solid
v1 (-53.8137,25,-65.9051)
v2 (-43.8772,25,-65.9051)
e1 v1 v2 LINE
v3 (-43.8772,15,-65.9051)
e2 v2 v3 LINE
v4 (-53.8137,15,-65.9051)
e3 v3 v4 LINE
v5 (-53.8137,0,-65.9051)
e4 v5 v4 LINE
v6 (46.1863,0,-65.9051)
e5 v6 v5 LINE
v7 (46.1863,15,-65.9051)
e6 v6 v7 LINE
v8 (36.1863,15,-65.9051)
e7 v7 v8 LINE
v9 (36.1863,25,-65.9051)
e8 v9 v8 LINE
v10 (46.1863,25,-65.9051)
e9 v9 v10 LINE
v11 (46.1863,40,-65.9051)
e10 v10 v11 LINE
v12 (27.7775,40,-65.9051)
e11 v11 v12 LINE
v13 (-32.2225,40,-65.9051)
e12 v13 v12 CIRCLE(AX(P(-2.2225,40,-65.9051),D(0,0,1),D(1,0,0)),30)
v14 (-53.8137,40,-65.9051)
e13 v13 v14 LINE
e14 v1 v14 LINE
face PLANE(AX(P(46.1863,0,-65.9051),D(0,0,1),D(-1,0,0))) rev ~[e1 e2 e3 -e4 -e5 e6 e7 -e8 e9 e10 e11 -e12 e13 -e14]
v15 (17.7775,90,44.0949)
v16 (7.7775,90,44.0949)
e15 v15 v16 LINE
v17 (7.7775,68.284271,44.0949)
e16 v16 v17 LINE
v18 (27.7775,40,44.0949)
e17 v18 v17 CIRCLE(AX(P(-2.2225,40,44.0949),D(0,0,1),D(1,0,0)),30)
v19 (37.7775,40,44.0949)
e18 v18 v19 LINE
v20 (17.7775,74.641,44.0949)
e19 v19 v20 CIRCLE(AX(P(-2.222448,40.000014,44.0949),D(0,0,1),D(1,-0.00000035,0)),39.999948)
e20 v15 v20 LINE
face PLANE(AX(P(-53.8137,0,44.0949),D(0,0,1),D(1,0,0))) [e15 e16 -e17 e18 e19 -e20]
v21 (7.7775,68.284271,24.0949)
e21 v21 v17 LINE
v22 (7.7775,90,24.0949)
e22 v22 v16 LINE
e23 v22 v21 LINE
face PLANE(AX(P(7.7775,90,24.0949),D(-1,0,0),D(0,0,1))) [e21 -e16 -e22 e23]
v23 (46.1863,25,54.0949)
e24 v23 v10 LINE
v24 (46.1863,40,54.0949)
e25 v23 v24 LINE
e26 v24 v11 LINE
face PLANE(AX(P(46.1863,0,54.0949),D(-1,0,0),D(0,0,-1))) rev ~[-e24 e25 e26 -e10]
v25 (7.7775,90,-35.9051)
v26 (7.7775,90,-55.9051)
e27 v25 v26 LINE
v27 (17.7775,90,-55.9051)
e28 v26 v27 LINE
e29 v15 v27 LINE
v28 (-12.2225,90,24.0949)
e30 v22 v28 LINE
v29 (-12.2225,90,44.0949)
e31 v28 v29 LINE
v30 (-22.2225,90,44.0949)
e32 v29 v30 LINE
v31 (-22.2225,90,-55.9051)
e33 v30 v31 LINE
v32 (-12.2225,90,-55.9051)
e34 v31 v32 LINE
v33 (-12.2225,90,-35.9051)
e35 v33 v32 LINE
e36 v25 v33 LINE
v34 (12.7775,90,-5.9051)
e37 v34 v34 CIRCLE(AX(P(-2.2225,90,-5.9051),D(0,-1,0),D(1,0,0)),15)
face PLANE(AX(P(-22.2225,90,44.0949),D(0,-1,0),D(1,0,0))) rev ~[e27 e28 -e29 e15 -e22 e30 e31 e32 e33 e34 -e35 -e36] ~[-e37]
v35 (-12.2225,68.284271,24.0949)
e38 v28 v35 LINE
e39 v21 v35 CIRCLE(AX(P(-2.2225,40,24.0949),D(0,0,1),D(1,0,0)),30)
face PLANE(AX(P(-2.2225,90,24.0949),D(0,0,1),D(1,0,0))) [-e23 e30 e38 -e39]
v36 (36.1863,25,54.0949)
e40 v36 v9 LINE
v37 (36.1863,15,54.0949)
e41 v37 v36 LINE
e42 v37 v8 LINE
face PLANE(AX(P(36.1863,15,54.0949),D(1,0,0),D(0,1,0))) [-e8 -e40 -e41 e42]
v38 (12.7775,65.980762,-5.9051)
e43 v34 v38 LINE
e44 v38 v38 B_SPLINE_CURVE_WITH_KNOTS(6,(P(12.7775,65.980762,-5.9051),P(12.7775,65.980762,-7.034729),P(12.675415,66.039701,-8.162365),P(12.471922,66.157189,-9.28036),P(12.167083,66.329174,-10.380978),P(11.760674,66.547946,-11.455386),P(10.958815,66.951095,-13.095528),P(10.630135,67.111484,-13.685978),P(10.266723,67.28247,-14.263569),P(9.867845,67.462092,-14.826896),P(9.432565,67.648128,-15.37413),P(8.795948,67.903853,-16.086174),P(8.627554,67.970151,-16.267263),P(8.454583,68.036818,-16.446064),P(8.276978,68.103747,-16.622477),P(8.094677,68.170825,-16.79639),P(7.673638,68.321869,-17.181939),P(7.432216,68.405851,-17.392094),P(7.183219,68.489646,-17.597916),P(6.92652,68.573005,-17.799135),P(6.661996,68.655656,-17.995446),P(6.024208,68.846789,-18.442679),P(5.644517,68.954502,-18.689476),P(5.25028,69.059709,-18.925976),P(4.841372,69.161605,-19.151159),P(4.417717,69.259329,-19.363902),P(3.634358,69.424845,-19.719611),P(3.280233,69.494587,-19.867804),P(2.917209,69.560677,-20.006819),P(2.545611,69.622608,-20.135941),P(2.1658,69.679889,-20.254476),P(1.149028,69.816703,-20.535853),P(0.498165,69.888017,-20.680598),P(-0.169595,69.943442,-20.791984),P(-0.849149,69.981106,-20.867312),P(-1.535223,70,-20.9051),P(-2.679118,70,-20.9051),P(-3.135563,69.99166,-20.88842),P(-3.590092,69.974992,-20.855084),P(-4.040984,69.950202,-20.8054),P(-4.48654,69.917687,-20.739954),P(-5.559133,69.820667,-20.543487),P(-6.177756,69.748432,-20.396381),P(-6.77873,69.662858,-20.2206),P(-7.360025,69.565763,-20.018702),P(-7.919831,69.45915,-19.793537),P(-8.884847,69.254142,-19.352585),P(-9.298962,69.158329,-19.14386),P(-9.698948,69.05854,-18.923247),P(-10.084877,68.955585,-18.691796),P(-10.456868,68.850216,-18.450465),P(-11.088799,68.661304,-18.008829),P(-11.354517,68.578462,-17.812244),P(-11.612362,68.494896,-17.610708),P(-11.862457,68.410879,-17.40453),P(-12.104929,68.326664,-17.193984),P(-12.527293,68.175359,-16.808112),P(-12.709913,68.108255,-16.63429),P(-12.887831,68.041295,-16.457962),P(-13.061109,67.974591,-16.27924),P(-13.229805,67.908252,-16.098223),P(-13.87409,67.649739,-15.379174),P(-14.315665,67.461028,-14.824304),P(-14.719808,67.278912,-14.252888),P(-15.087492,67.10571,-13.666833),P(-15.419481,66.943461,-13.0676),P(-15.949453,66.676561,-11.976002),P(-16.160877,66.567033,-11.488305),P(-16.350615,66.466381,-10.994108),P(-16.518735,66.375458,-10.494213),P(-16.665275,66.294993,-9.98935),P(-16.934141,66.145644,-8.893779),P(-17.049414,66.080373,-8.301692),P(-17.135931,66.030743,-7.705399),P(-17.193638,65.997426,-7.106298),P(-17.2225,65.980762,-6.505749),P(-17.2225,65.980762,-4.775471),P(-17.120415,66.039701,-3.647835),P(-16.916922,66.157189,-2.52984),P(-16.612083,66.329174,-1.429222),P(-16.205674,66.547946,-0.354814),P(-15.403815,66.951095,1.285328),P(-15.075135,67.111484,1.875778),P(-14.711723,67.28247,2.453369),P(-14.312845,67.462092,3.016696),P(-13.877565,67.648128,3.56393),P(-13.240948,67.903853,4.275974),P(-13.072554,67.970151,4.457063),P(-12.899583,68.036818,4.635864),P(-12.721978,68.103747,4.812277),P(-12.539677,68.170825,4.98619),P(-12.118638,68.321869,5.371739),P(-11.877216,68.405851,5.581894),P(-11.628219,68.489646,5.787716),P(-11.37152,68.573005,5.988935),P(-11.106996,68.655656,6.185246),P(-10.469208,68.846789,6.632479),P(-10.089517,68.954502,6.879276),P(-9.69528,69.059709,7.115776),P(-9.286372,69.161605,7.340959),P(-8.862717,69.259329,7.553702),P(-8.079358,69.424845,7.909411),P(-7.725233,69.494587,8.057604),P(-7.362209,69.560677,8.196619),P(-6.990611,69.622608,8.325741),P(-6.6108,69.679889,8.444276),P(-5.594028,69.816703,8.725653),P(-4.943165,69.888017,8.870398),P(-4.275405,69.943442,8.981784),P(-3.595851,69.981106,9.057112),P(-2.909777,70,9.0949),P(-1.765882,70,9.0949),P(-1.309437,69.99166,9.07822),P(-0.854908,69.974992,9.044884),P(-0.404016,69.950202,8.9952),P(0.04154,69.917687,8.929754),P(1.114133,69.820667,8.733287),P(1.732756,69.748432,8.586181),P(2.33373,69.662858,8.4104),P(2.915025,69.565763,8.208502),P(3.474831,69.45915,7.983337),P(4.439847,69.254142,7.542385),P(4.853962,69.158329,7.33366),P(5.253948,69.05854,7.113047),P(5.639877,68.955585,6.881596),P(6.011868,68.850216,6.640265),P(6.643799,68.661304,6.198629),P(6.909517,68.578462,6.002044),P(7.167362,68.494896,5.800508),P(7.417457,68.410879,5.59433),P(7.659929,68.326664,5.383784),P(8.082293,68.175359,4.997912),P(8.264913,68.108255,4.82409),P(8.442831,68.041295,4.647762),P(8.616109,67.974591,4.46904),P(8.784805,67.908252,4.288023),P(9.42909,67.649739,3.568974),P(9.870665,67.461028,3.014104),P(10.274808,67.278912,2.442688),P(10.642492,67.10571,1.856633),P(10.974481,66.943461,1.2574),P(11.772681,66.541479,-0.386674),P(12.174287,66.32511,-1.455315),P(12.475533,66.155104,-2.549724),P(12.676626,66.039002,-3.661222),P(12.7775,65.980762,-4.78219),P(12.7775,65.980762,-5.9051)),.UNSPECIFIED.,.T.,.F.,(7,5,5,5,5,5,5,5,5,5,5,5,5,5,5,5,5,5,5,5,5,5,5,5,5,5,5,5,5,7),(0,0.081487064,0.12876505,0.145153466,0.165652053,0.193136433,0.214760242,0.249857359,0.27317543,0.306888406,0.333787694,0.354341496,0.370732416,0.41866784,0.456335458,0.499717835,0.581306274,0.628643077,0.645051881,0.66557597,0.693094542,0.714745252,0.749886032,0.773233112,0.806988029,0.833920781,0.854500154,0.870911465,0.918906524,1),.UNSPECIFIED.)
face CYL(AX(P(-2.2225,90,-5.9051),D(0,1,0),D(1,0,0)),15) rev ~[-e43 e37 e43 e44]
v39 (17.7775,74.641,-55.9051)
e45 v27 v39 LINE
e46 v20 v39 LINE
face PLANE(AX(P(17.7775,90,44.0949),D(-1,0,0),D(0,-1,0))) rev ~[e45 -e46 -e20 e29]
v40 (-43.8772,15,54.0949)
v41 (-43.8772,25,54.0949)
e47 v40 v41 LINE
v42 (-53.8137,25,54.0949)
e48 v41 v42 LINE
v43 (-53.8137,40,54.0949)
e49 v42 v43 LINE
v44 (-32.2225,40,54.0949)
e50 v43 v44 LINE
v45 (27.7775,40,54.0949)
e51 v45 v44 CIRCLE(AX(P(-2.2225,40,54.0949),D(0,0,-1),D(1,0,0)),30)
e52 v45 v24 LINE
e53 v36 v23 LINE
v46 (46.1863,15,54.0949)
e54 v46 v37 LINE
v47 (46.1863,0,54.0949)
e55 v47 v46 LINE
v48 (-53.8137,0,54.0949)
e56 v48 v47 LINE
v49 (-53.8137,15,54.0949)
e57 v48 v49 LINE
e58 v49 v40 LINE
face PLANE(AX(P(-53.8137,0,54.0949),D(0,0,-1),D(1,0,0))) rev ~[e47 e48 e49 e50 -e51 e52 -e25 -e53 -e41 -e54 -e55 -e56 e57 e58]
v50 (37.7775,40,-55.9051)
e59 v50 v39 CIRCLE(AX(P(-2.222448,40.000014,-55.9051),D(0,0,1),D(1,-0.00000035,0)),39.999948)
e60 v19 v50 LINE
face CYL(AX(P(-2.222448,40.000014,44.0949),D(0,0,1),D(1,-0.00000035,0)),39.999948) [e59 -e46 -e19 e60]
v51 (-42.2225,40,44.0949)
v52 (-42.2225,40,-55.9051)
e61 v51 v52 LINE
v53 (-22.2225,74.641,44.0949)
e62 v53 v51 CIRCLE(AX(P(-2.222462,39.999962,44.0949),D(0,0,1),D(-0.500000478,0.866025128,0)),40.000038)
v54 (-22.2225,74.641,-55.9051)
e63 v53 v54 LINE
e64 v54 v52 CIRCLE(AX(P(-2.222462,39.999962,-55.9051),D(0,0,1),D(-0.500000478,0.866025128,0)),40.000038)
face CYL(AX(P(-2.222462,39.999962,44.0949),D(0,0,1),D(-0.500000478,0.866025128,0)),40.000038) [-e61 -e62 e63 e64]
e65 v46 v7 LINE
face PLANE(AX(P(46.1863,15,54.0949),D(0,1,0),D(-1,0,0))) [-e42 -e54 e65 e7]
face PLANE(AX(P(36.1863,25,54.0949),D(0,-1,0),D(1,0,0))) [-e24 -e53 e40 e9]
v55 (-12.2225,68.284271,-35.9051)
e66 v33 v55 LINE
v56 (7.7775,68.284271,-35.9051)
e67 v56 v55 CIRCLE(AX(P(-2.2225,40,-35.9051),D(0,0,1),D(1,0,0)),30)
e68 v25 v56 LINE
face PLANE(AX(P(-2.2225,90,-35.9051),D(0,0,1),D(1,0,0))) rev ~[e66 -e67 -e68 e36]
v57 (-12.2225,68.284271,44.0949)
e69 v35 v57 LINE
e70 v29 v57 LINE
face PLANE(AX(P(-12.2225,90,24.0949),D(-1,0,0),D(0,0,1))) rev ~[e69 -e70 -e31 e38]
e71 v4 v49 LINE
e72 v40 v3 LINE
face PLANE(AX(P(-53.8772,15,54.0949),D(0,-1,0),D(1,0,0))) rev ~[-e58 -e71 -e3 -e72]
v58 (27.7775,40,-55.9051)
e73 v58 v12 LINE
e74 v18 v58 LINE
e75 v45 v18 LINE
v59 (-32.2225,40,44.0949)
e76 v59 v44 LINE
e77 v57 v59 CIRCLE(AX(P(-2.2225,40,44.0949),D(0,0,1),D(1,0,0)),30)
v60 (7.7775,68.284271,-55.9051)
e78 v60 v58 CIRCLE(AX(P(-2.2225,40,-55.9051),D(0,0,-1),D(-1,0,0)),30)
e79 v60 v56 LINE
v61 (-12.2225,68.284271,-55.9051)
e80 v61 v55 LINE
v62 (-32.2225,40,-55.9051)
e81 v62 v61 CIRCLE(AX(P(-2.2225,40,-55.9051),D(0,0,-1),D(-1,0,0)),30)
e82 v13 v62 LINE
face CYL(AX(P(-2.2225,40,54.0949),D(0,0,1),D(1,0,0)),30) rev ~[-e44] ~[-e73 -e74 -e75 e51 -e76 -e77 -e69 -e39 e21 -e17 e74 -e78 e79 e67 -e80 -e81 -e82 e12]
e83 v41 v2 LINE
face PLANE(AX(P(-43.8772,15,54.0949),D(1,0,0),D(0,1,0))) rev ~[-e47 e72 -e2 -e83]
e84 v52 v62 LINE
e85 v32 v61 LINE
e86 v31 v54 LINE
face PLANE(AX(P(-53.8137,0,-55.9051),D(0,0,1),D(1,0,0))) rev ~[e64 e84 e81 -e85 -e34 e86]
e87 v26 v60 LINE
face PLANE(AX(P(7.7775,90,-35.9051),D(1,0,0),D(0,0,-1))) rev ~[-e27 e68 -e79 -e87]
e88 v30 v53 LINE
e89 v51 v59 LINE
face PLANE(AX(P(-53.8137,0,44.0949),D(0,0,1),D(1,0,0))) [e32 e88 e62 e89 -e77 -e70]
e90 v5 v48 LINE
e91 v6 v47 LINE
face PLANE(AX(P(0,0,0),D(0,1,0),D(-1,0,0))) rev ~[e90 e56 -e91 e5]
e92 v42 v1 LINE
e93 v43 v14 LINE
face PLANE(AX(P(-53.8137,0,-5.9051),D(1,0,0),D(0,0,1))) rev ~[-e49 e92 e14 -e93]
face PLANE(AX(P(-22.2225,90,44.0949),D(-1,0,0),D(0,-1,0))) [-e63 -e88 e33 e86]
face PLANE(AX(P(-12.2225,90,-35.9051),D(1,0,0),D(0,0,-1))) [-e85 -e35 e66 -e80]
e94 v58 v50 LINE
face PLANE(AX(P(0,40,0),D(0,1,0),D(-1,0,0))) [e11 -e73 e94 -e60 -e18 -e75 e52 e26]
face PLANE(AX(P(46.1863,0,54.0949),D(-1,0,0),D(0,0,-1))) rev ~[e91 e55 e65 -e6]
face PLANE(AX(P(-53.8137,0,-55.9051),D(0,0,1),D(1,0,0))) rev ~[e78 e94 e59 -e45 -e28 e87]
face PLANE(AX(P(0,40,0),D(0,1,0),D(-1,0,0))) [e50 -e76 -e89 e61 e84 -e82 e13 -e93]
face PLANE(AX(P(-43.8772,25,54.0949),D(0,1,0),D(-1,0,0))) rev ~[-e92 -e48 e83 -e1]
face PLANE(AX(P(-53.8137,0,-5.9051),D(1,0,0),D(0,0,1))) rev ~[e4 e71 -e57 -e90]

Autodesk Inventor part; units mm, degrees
ref_plane "YZ Plane" through (0, 0, 0) normal (1, 0, 0) x (0, 1, 0)
ref_plane "XZ Plane" through (0, 0, 0) normal (0, 1, 0) x (-1, 0, 0)
ref_plane "XY Plane" through (0, 0, 0) normal (0, 0, 1) x (1, 0, 0)
sketch "bottom" plane through (0, 0, 0) normal (0, 1, 0) x (-1, 0, 0)
  line L0 (53.8137, 54.0949) -> (-46.1863, 54.0949)
  line L1 (-46.1863, 54.0949) -> (-46.1863, -65.9051)
  line L2 (-46.1863, -65.9051) -> (53.8137, -65.9051)
  line L3 (53.8137, -65.9051) -> (53.8137, 54.0949)
  line L4 (102.7933, -5.9051) -> (-137.2052, -5.9051)
  point P0 (0, 0)
  point P1 (53.8137, -5.9051)
  dimension "d0" = 120
  dimension "d1" = 100
extrude "Выдавливание1" add sketch "bottom" along normal blind 40
sketch "tube" plane through (-53.8137, 0, 54.0949) normal (0, 0, 1) x (1, 0, 0)
  circle A0 centre (51.5912, 40) radius 30
  line L0 (51.5912, 113.4013) -> (51.5912, -34.7388)
  line L1 (0, 40) -> (100, 40) projected
  point P0 (53.8137, 0)
  dimension "d6" = 60
extrude "Углубление 1" cut sketch "tube" against normal blind 120
sketch "paz1" plane through (-53.8137, 0, 54.0949) normal (0, 0, 1) x (1, 0, 0)
  line L0 (0, 0) -> (100, 0) projected
  line L1 (-0.0635, 15) -> (9.9365, 15)
  line L2 (9.9365, 15) -> (9.9365, 25)
  line L3 (9.9365, 25) -> (-0.0635, 25)
  line L4 (-0.0635, 25) -> (-0.0635, 15)
  line L5 (0, 40) -> (21.5912, 40) projected
  line L6 (89.6996, 15) -> (99.6996, 15)
  line L7 (99.6996, 15) -> (99.6996, 25)
  line L8 (99.6996, 25) -> (89.6996, 25)
  line L9 (89.6996, 25) -> (89.6996, 15)
  point P0 (53.8137, 0)
  dimension "d11" = 10
  dimension "d12" = 10
  dimension "d13" = 15
  dimension "d14" = 15
  dimension "d15" = 40
  dimension "d16" = 10
  dimension "d17" = 10
  dimension "d18" = 15
extrude "Паз 1" cut sketch "paz1" against normal up to next contours L4 L3 L2 L1
sketch "paz2" plane through (-53.8137, 0, 54.0949) normal (0, 0, 1) x (1, 0, 0)
  line L0 (0, 0) -> (100, 0)
  line L1 (0, 15) -> (10, 15)
  line L2 (10, 15) -> (10, 25)
  line L3 (10, 25) -> (0, 25)
  line L4 (0, 25) -> (0, 15)
  line L5 (0, 40) -> (21.5912, 40)
  line L6 (50, 55.3447) -> (50, -18.8311)
  line L7 (100, 15) -> (90, 15)
  line L8 (90, 15) -> (90, 25)
  line L9 (90, 25) -> (100, 25)
  line L10 (100, 25) -> (100, 15)
  line L11 (-10.5586, 20) -> (107.965, 20)
  line L12 (100, 0) -> (100, 40) projected
  arc A0 (21.5912, 40) -> (81.5912, 40) centre (51.5912, 40) ccw projected
  line L13 (81.5912, 40) -> (100, 40)
  line L14 (100, 25) -> (100, 40)
  line L15 (100, 15) -> (100, 0)
  line L16 (0, 25) -> (0, 40) projected
  line L17 (0, 40) -> (0, 25)
  line L18 (0, 0) -> (100, 0) projected
  line L19 (0, 15) -> (0, 0)
  point P0 (53.8137, 0)
  point P1 (53.8137, 0)
  point P2 (50, 0)
  point P3 (100, 20)
  point P4 (100, 15)
  dimension "d21" = 10
  dimension "d22" = 10
  dimension "d23" = 15
  dimension "d24" = 15
  dimension "d25" = 40
ref_plane "фронт1" through (-53.8137, 0, 44.0949) normal (0, 0, 1) x (1, 0, 0)
ref_plane "фронт2" through (46.1863, 0, -55.9051) normal (0, 0, -1) x (-1, 0, 0)
sketch "front_arc" plane through (-53.8137, 0, 44.0949) normal (0, 0, 1) x (1, 0, 0)
  arc A0 (21.5912, 40) -> (81.5912, 40) centre (51.5912, 40) ccw projected
  arc A1 (81.5912, 40) -> (21.5912, 40) centre (51.5912, 40) ccw
  line L0 (0, 40) -> (21.5912, 40) projected
  line L1 (81.5912, 40) -> (100, 40) projected
  line L2 (11.5912, 40) -> (21.5912, 40)
  line L3 (81.5912, 40) -> (91.5912, 40)
  line L4 (31.5912, 90) -> (31.5912, 74.641)
  line L5 (31.5912, 90) -> (51.5912, 90)
  line L6 (51.5912, 105.7627) -> (51.5912, 37.5467)
  line L7 (71.5912, 90) -> (71.5912, 74.641)
  line L8 (71.5912, 90) -> (51.5912, 90)
  arc A2 (91.5912, 40) -> (71.5912, 74.641) centre (51.5912, 40) ccw
  arc A3 (31.5912, 74.641) -> (11.5912, 40) centre (51.5912, 40) ccw
  point P0 (53.8137, 0)
  point P1 (31.5912, 40)
  point P2 (31.5912, 62.3607)
  point P3 (71.5912, 62.3607)
  dimension "d75" = 50
  dimension "d76" = 20
  dimension "d77" = 20
  dimension "d92" = 50
extrude "Выдавливание9" add sketch "front_arc" against normal blind 100 contours L0 A3 L4 L5 L6 A1 | A1 L6 L8 L7 A2 L1
sketch "top" plane through (-22.2225, 90, 44.0949) normal (0, 1, 0) x (1, 0, 0)
  line L0 (40, 0) -> (0, 0) projected
  line L1 (40, 0) -> (40, 100) projected
  line L2 (0, 100) -> (40, 100) projected
  line L3 (0, 0) -> (0, 100) projected
  line L4 (10, 0) -> (30, 0)
  line L5 (-37.6485, 50) -> (83.4602, 50)
  circle A0 centre (20, 50) radius 15
  line L6 (0, 100) -> (40, 100) projected
  line L7 (10, 20) -> (10, 0)
  line L8 (40, 0) -> (0, 0) projected
  line L9 (10, 20) -> (30, 20)
  line L10 (30, 20) -> (30, 0)
  line L11 (10, 100) -> (30, 100)
  line L12 (10, 80) -> (10, 100)
  line L13 (10, 80) -> (30, 80)
  line L14 (30, 80) -> (30, 100)
  line L15 (20, -16.8031) -> (20, 112.4511)
  point P0 (22.2225, 44.0949)
  point P1 (20, 0)
  point P2 (20, 100)
  point P3 (20, 100)
  dimension "d81" = 30
  dimension "d83" = 20
  dimension "d84" = 20
  dimension "d87" = 20
extrude "Выдавливание10" cut sketch "top" against normal blind 30 contours L0 L15 L9 L10 | L0 L7 L9 L15 | L14 L13 L15 L2 | L15 L13 L12 L2
extrude "Выдавливание11" cut sketch "top" against normal blind 25 contours A0 L15 L5 | L5 L15 A0 | L15 A0 L5 | L5 A0 L15
extrude "Выдавливание12" cut sketch "paz2" against normal blind 120 contours L7 L8 L11 L10 | L11 L8 L9 L10
equation "\"Радиус_гибки\" = Толщина"
equation "\"Ширина_просечки\" = Толщина"
equation "\"Глубина_просечки\" = 0.5 * Толщина"
equation "\"Размер_просечки\" = 4 * Толщина"
equation "\"Мин_остаток\" = 2 * Толщина"
equation "\"Радиус_перехода\" = Радиус_гибки"
equation "\"Радиус_Якоби\" = Толщина"
equation "\"Размер_зазора\" = Толщина"
equation "\"Толщина\" = 0.5"
properties part number "lw_3_ползунок"
